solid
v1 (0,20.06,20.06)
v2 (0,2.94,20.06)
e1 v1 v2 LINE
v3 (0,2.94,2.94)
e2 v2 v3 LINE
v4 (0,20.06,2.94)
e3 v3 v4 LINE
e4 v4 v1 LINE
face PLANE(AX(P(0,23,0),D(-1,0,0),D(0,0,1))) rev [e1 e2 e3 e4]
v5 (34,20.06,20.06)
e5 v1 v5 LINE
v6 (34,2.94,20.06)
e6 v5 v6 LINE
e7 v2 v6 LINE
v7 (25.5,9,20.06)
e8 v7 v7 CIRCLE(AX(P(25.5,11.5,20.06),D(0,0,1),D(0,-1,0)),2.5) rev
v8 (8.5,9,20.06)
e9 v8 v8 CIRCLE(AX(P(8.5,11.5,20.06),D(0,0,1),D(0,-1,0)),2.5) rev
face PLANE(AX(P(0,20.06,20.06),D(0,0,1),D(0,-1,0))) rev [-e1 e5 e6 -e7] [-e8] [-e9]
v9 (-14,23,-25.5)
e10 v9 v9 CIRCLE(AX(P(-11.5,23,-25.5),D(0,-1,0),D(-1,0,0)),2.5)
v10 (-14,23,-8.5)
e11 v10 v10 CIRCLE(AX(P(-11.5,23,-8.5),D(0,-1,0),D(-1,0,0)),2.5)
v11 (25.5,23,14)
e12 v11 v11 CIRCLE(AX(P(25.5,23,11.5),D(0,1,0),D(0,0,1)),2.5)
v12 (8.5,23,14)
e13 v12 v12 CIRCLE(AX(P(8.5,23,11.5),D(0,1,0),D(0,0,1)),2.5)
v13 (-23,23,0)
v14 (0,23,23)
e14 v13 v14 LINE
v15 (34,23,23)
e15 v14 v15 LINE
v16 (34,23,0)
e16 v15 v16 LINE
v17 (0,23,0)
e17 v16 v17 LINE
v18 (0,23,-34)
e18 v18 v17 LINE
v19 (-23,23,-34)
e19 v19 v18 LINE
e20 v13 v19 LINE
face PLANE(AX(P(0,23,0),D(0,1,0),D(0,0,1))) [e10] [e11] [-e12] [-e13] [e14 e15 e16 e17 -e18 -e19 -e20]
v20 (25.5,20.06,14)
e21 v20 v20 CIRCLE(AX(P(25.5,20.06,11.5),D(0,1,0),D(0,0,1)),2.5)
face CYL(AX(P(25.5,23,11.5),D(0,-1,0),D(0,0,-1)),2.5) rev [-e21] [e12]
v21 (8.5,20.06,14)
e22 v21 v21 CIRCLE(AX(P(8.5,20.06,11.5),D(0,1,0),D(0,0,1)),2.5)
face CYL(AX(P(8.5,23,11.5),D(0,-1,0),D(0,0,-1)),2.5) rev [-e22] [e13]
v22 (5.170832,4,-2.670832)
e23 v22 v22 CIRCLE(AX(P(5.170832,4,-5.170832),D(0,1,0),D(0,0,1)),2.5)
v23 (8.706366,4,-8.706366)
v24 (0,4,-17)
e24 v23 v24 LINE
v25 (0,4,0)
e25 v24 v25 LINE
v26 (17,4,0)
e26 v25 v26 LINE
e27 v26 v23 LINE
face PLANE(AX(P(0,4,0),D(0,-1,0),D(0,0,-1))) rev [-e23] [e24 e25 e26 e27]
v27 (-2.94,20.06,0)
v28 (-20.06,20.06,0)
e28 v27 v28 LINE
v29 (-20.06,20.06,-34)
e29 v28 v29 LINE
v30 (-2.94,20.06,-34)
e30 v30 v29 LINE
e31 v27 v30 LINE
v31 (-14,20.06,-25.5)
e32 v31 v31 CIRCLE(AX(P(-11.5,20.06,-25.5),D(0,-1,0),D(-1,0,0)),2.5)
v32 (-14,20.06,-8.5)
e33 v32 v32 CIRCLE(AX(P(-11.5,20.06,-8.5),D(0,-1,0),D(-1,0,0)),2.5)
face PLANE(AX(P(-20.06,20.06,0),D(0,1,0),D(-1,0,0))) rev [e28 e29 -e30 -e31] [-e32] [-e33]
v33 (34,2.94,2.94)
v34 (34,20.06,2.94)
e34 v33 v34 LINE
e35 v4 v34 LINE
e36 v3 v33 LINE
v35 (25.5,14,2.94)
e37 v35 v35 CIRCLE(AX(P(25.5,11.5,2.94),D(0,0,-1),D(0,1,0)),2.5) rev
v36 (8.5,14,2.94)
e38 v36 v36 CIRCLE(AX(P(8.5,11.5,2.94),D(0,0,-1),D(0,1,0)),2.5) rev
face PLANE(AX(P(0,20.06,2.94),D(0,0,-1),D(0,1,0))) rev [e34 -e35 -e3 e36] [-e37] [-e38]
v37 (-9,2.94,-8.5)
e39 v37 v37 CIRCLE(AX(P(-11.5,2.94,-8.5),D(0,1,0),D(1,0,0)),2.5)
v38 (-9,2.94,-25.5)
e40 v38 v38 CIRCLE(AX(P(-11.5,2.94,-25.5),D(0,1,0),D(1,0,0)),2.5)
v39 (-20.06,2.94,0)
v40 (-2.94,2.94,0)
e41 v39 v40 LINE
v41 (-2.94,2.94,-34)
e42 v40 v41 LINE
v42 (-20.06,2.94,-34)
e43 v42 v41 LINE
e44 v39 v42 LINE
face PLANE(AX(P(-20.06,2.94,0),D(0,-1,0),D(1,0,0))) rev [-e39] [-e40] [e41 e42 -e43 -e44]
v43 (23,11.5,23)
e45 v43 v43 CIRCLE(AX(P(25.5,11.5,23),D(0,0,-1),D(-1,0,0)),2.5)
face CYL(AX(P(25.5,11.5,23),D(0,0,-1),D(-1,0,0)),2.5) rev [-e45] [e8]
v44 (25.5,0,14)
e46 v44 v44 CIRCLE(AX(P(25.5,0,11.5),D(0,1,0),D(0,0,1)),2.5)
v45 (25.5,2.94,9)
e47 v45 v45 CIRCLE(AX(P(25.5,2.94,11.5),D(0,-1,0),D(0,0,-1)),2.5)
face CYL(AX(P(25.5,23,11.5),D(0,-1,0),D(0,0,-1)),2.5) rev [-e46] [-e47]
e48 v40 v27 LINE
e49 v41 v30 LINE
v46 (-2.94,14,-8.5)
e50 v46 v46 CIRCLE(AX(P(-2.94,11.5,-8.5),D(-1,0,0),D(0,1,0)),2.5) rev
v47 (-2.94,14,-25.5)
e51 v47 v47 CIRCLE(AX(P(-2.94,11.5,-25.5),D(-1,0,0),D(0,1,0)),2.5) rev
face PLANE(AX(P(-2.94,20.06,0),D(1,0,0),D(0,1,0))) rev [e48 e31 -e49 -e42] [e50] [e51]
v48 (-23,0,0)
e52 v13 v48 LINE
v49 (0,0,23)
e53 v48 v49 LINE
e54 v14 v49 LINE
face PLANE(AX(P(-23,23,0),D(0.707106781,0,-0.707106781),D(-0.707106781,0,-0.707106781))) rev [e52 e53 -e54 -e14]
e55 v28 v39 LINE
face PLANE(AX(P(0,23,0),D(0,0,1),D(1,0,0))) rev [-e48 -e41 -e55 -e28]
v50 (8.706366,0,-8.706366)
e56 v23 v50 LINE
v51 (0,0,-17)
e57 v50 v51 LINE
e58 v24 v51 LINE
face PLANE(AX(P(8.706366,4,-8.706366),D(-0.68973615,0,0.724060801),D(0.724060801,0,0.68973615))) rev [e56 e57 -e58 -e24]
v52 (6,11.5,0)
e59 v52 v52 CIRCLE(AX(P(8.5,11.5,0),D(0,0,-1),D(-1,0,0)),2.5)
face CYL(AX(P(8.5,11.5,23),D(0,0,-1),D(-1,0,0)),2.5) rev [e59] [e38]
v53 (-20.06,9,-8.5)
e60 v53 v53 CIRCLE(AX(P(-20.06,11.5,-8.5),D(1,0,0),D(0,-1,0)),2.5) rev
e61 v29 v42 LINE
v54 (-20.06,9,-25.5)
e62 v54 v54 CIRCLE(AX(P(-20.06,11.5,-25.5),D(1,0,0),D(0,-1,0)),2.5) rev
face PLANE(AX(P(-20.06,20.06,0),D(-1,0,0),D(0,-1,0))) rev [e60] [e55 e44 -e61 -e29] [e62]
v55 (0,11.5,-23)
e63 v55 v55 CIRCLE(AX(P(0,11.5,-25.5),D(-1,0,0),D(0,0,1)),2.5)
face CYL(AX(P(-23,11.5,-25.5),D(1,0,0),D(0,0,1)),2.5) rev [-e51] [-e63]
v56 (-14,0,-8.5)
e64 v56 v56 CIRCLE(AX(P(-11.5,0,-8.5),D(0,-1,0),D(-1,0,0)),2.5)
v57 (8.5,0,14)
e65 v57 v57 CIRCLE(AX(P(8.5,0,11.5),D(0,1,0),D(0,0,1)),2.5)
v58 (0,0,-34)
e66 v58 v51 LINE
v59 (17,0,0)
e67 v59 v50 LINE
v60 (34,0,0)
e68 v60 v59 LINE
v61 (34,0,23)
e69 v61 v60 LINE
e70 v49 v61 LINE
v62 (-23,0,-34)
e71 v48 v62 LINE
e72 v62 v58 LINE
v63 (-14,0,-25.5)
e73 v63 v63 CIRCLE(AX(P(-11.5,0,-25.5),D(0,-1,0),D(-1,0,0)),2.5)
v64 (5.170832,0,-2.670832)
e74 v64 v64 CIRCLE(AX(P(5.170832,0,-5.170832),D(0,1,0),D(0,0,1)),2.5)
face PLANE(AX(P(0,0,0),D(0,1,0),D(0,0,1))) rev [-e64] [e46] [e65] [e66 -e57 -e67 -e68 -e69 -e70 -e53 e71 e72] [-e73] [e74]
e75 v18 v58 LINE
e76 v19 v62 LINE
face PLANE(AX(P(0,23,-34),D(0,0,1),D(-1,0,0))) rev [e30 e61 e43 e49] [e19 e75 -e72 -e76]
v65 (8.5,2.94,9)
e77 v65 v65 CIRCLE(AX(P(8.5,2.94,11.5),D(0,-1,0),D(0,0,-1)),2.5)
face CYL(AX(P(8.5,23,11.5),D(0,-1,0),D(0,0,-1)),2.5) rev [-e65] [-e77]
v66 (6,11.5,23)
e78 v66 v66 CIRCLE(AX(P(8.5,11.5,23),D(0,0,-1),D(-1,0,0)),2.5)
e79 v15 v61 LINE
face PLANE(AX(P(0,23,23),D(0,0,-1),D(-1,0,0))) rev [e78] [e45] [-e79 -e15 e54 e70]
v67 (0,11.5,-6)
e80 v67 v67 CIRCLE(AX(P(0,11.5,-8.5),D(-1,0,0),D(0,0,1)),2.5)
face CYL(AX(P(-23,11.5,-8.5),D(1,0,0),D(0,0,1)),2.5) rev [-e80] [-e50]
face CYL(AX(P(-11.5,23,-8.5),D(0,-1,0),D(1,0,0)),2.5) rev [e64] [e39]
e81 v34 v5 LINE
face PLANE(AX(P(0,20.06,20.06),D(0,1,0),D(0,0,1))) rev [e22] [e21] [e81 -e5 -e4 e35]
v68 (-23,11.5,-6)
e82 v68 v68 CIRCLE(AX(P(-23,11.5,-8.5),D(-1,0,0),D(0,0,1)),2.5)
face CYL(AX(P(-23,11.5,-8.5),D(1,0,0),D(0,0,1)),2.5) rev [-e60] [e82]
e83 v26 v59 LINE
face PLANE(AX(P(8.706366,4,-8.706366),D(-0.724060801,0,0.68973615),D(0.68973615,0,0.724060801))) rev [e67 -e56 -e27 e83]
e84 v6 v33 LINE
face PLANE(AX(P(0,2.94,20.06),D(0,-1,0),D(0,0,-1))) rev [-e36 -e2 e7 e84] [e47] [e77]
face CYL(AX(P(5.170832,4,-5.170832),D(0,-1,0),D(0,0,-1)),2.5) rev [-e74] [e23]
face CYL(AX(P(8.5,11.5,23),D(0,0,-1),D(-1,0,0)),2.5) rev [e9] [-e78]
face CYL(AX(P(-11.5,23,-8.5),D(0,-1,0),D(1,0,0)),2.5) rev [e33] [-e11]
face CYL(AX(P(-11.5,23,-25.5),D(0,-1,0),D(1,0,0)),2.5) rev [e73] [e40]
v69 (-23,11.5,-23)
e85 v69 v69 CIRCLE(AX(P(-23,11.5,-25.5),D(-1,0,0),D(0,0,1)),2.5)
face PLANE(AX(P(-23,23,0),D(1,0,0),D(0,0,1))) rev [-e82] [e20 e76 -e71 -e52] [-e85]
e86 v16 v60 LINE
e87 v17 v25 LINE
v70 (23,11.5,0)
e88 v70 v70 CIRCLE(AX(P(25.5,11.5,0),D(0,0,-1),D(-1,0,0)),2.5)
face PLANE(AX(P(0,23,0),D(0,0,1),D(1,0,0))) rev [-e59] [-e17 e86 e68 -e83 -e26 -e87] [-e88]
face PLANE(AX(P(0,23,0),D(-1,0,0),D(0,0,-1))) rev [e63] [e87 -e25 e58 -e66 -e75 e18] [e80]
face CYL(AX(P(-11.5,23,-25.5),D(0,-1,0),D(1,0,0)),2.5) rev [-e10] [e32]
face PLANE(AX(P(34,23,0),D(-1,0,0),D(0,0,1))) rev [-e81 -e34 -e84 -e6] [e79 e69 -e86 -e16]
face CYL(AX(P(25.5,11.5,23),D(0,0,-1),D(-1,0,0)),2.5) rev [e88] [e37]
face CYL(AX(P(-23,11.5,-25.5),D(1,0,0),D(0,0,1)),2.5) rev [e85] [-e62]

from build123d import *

# Parameters (mm, degrees)
SKETCH1_W           = 34
SKETCH1_H           = 23
SKETCH1_R           = 2.5
BOSS_EXTRUDE1_DEPTH = 23
SKETCH6_OUTSIDE_W   = 45.41
SKETCH6_OUTSIDE_H   = 34.41
SKETCH6_OUTSIDE_W_2 = 34
SKETCH6_OUTSIDE_H_2 = 23
SKETCH6_OUTSIDE_R   = 2.5
CUT_EXTRUDE10_DEPTH = 24
SKETCH7_OUTSIDE_W   = 34.41
SKETCH7_OUTSIDE_H   = 34.41
SKETCH7_OUTSIDE_W_2 = 23
SKETCH7_OUTSIDE_H_2 = 23
SKETCH7_OUTSIDE_W_3 = 17.12
SKETCH7_OUTSIDE_H_3 = 17.12
CUT_EXTRUDE11_DEPTH = 34
BOSS_EXTRUDE2_DEPTH = 23
SKETCH13_R          = 2.5
BOSS_EXTRUDE3_DEPTH = 4


with BuildPart() as part:
    # sketch1 → Boss-Extrude1 (new body)
    with BuildSketch(Plane(origin=(0, 0, 0), x_dir=(1, 0, 0), z_dir=(0, 1, 0))):
        with Locations((17, -11.5)):
            Rectangle(SKETCH1_W, SKETCH1_H)
        with Locations((8.5, -11.5)):
            Circle(SKETCH1_R, mode=Mode.SUBTRACT)
        with Locations((25.5, -11.5)):
            Circle(SKETCH1_R, mode=Mode.SUBTRACT)
    extrude(amount=BOSS_EXTRUDE1_DEPTH)

    # Sketch6 outside → Cut-Extrude10 (cut, through all)
    with BuildSketch(Plane(origin=(0, 0, 0), x_dir=(-1, 0, 0), z_dir=(0, 0, -1))):
        with Locations((-17, 11.5)):
            Rectangle(SKETCH6_OUTSIDE_W, SKETCH6_OUTSIDE_H)
        with Locations((-17, 11.5)):
            Rectangle(SKETCH6_OUTSIDE_W_2, SKETCH6_OUTSIDE_H_2, mode=Mode.SUBTRACT)
        with Locations((-25.5, 11.5)):
            Circle(SKETCH6_OUTSIDE_R)
        with Locations((-8.5, 11.5)):
            Circle(SKETCH6_OUTSIDE_R)
    extrude(amount=-CUT_EXTRUDE10_DEPTH, mode=Mode.SUBTRACT)

    # Sketch7 outside → Cut-Extrude11 (cut)
    with BuildSketch(Plane(origin=(34, 0, 0), x_dir=(0, 0, -1), z_dir=(1, 0, 0))):
        with Locations((-11.5, 11.5)):
            Rectangle(SKETCH7_OUTSIDE_W, SKETCH7_OUTSIDE_H)
        with Locations((-11.5, 11.5)):
            Rectangle(SKETCH7_OUTSIDE_W_2, SKETCH7_OUTSIDE_H_2, mode=Mode.SUBTRACT)
        with Locations((-11.5, 11.5)):
            Rectangle(SKETCH7_OUTSIDE_W_3, SKETCH7_OUTSIDE_H_3)
    extrude(amount=-CUT_EXTRUDE11_DEPTH, mode=Mode.SUBTRACT)


with BuildPart() as body_2:
    # Mirror6: mirrored copy
    add(part.part.mirror(Plane(origin=(0, 0, 0), x_dir=(-0.707106781, 0, 0.707106781), z_dir=(-0.707106781, 0, -0.707106781))))


with BuildPart() as part_1:
    add(part.part)

    add(body_2.part)  # Boss-Extrude2 merges body 2
    # Sketch11 → Boss-Extrude2 (add)
    with BuildSketch(Plane(origin=(0, 0, 0), x_dir=(1, 0, 0), z_dir=(0, 1, 0))):
        Polygon((-23, 0), (0, -23), (0, 0), align=None)
    extrude(amount=BOSS_EXTRUDE2_DEPTH)

    # Sketch13 → Boss-Extrude3 (add)
    with BuildSketch(Plane(origin=(0, 0, 0), x_dir=(1, 0, 0), z_dir=(0, 1, 0))):
        Polygon((8.706365938, 8.706365938), (0, 17), (0, 0), (17, 0), align=None)
        with Locations((5.170832032, 5.170832032)):
            Circle(SKETCH13_R, mode=Mode.SUBTRACT)
    extrude(amount=BOSS_EXTRUDE3_DEPTH)


solid = part_1.part
